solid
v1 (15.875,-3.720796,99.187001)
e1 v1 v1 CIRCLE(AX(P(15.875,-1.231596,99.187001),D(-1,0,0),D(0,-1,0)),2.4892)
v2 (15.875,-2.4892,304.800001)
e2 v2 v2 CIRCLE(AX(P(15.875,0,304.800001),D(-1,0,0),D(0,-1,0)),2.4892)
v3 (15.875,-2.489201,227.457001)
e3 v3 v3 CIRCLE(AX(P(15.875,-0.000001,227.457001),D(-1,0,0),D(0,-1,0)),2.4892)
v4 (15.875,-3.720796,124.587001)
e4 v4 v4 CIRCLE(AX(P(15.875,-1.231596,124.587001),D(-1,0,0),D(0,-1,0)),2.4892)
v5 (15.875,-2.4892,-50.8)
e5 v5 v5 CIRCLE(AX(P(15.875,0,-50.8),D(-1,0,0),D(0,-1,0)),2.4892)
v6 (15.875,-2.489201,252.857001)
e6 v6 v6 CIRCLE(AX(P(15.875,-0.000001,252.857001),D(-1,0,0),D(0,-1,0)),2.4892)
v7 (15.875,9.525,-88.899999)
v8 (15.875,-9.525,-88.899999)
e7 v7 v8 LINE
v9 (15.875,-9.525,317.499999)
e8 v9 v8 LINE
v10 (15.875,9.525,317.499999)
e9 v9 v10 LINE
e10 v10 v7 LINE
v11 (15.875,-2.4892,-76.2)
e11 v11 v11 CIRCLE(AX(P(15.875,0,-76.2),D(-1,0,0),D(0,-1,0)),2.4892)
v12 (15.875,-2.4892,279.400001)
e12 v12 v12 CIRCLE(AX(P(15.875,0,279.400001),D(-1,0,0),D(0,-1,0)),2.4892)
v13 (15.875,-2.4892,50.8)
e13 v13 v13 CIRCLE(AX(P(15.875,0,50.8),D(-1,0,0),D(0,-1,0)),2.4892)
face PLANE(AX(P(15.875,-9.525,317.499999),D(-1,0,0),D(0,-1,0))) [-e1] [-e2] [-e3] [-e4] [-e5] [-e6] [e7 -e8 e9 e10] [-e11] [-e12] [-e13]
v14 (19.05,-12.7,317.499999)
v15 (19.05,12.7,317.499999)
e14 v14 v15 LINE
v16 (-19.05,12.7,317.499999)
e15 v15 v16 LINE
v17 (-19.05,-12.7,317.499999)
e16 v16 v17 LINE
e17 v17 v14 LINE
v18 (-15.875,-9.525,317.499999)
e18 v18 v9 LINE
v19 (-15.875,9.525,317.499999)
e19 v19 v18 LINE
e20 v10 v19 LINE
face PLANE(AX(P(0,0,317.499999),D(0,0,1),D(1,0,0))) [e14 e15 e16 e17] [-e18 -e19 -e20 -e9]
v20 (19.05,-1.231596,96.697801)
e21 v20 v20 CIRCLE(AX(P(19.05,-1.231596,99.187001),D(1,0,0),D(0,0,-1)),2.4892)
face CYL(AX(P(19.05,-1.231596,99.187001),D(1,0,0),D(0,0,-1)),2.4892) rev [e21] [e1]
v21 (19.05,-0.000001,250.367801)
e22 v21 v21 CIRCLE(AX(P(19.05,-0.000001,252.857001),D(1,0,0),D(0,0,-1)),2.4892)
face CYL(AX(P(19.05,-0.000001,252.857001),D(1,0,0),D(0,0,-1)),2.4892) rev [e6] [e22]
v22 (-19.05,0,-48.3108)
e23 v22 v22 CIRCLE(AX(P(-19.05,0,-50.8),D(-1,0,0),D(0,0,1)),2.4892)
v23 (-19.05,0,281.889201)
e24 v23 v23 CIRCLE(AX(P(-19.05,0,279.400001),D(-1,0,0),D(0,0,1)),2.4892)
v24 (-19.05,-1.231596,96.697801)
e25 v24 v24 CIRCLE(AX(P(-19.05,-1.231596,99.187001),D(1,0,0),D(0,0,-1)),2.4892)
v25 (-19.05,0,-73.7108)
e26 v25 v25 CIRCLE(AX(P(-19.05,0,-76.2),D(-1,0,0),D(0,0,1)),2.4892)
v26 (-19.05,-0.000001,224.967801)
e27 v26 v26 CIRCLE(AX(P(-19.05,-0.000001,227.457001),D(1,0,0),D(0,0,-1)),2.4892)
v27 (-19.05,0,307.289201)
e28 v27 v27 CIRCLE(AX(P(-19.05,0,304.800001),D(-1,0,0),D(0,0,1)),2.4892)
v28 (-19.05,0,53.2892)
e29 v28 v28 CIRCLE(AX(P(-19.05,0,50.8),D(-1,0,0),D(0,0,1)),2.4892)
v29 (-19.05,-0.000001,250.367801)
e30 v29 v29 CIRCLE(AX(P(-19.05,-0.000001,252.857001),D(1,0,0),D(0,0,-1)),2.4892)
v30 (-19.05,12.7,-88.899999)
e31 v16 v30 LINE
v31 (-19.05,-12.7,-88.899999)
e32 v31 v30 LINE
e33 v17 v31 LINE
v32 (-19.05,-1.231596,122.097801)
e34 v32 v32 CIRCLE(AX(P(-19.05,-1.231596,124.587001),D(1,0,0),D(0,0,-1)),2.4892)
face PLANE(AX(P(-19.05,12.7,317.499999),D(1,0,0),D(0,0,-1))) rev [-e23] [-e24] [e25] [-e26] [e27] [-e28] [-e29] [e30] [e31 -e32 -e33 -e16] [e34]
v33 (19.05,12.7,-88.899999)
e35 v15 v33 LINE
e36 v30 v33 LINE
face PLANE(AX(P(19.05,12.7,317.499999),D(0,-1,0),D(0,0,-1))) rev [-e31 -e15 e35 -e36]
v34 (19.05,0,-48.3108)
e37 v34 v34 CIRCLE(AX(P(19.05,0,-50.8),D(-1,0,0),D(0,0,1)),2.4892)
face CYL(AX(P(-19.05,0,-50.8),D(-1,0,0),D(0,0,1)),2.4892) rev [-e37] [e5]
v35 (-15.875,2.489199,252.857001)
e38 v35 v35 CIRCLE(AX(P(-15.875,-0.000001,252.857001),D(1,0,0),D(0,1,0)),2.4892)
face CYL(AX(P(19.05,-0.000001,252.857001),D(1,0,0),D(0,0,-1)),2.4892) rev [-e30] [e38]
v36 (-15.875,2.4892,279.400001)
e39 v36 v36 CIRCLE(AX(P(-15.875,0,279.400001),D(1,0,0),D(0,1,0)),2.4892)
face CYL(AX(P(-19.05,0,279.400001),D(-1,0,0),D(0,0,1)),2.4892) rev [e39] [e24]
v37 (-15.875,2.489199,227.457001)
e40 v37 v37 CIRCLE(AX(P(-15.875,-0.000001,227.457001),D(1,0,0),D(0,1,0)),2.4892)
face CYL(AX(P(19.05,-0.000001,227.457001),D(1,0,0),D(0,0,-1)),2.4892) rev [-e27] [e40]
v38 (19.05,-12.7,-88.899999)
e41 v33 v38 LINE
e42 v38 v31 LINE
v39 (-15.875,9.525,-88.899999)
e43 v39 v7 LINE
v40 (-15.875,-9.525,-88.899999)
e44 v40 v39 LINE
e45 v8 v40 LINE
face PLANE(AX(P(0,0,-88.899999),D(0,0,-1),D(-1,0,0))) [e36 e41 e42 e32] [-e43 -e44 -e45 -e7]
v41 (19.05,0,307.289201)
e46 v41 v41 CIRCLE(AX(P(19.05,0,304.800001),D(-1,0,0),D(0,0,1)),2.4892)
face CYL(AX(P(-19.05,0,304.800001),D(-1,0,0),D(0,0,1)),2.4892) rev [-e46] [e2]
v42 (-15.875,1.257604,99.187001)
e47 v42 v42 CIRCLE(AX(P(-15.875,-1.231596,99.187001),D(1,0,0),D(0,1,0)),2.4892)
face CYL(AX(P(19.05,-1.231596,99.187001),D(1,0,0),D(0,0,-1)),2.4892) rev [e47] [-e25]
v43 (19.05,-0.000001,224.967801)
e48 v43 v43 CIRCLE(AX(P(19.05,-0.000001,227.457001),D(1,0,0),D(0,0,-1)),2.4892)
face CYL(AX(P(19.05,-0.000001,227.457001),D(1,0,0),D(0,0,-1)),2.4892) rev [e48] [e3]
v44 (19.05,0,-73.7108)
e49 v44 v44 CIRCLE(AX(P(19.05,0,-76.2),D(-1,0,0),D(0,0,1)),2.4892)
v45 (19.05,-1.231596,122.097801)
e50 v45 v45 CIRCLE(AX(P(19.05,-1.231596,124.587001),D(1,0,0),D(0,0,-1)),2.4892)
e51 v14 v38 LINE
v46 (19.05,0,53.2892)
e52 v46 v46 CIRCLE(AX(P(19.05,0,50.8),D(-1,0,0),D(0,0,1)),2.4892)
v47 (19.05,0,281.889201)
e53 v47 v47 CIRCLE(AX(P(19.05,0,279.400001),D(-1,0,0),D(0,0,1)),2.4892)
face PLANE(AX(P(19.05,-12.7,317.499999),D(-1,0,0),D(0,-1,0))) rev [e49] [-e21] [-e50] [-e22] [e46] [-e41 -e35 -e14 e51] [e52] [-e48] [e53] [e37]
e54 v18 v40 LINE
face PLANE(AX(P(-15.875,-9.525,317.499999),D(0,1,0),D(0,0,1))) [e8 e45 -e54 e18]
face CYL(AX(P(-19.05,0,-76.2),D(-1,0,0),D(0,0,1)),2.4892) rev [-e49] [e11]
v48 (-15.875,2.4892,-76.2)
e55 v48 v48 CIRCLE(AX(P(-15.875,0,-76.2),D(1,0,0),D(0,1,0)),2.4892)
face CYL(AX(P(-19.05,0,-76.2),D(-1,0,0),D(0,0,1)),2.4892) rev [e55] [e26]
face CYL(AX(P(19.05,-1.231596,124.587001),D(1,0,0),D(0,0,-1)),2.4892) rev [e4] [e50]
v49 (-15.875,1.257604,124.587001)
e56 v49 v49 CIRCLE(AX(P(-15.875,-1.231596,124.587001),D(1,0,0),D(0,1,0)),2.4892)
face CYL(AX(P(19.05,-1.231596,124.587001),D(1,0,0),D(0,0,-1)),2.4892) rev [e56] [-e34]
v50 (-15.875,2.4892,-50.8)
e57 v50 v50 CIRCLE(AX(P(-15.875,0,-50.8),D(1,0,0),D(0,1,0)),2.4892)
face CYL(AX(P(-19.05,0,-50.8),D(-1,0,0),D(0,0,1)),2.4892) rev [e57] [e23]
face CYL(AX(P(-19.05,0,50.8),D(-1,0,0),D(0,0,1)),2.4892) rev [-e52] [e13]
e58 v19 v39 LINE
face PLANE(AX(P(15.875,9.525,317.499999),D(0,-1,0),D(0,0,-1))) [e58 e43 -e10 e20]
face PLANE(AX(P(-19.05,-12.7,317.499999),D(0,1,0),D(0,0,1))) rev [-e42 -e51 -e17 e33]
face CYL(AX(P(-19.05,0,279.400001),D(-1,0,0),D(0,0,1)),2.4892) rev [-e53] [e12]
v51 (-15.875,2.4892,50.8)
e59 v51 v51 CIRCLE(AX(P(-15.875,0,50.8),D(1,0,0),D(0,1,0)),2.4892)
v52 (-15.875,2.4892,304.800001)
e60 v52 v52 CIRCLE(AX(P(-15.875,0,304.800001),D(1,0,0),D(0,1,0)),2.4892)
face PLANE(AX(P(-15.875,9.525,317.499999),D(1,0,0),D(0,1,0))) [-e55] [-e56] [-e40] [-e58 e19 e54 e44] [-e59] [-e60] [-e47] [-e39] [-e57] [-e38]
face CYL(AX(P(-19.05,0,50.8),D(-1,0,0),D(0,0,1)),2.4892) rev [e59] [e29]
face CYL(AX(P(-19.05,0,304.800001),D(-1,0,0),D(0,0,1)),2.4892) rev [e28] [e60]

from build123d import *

# Parameters (mm, degrees)
BOSS_EXTRUDE1_DEPTH      = 317.499999
BOSS_EXTRUDE1_DEPTH_BACK = 317.499999
SKETCH3_W                = 38.1
SKETCH3_H                = 25.4
SKETCH3_W_2              = 31.75
SKETCH3_H_2              = 19.05
MOUNTING_HOLES_D         = 4.9784
RIO_HOLES_D              = 4.9784
F_10_CLEARANCE_HOLE1_D   = 4.9784


with BuildPart() as part:
    # Sketch3 → Boss-Extrude1 (new, two sides: drawn at the far end of the back side and taken through both)
    with BuildSketch(Plane.XY.offset(-BOSS_EXTRUDE1_DEPTH_BACK)):
        Rectangle(SKETCH3_W, SKETCH3_H)
        Rectangle(SKETCH3_W_2, SKETCH3_H_2, mode=Mode.SUBTRACT)
    extrude(amount=BOSS_EXTRUDE1_DEPTH + BOSS_EXTRUDE1_DEPTH_BACK)

    # Mounting Holes (through all)
    with Locations(Plane.ZY.offset(19.05)):
        with Locations((279.400000508, 0), (304.800000508, 0), (-76.2, 0)):
            Hole(MOUNTING_HOLES_D / 2)

    # Rio Holes (through all)
    with Locations(Plane.ZY.offset(19.05)):
        with Locations((-50.8, 0), (50.8, 0)):
            Hole(RIO_HOLES_D / 2)

    # SurfaceCut1
    split(bisect_by=Plane(origin=(0, 0, -88.899999492), x_dir=(-1, 0, 0), z_dir=(0, 0, -1)), keep=Keep.BOTTOM)

    # #10 Clearance Hole1 (through all)
    with Locations(Plane(origin=(19.05, 0, 0), x_dir=(0, 0, -1), z_dir=(1, 0, 0))):
        with Locations((-252.857000508, -5.03e-07), (-227.457000508, -5.03e-07), (-99.187000508, -1.231595708), (-124.587000508, -1.231595708)):
            Hole(F_10_CLEARANCE_HOLE1_D / 2)


solid = part.part
